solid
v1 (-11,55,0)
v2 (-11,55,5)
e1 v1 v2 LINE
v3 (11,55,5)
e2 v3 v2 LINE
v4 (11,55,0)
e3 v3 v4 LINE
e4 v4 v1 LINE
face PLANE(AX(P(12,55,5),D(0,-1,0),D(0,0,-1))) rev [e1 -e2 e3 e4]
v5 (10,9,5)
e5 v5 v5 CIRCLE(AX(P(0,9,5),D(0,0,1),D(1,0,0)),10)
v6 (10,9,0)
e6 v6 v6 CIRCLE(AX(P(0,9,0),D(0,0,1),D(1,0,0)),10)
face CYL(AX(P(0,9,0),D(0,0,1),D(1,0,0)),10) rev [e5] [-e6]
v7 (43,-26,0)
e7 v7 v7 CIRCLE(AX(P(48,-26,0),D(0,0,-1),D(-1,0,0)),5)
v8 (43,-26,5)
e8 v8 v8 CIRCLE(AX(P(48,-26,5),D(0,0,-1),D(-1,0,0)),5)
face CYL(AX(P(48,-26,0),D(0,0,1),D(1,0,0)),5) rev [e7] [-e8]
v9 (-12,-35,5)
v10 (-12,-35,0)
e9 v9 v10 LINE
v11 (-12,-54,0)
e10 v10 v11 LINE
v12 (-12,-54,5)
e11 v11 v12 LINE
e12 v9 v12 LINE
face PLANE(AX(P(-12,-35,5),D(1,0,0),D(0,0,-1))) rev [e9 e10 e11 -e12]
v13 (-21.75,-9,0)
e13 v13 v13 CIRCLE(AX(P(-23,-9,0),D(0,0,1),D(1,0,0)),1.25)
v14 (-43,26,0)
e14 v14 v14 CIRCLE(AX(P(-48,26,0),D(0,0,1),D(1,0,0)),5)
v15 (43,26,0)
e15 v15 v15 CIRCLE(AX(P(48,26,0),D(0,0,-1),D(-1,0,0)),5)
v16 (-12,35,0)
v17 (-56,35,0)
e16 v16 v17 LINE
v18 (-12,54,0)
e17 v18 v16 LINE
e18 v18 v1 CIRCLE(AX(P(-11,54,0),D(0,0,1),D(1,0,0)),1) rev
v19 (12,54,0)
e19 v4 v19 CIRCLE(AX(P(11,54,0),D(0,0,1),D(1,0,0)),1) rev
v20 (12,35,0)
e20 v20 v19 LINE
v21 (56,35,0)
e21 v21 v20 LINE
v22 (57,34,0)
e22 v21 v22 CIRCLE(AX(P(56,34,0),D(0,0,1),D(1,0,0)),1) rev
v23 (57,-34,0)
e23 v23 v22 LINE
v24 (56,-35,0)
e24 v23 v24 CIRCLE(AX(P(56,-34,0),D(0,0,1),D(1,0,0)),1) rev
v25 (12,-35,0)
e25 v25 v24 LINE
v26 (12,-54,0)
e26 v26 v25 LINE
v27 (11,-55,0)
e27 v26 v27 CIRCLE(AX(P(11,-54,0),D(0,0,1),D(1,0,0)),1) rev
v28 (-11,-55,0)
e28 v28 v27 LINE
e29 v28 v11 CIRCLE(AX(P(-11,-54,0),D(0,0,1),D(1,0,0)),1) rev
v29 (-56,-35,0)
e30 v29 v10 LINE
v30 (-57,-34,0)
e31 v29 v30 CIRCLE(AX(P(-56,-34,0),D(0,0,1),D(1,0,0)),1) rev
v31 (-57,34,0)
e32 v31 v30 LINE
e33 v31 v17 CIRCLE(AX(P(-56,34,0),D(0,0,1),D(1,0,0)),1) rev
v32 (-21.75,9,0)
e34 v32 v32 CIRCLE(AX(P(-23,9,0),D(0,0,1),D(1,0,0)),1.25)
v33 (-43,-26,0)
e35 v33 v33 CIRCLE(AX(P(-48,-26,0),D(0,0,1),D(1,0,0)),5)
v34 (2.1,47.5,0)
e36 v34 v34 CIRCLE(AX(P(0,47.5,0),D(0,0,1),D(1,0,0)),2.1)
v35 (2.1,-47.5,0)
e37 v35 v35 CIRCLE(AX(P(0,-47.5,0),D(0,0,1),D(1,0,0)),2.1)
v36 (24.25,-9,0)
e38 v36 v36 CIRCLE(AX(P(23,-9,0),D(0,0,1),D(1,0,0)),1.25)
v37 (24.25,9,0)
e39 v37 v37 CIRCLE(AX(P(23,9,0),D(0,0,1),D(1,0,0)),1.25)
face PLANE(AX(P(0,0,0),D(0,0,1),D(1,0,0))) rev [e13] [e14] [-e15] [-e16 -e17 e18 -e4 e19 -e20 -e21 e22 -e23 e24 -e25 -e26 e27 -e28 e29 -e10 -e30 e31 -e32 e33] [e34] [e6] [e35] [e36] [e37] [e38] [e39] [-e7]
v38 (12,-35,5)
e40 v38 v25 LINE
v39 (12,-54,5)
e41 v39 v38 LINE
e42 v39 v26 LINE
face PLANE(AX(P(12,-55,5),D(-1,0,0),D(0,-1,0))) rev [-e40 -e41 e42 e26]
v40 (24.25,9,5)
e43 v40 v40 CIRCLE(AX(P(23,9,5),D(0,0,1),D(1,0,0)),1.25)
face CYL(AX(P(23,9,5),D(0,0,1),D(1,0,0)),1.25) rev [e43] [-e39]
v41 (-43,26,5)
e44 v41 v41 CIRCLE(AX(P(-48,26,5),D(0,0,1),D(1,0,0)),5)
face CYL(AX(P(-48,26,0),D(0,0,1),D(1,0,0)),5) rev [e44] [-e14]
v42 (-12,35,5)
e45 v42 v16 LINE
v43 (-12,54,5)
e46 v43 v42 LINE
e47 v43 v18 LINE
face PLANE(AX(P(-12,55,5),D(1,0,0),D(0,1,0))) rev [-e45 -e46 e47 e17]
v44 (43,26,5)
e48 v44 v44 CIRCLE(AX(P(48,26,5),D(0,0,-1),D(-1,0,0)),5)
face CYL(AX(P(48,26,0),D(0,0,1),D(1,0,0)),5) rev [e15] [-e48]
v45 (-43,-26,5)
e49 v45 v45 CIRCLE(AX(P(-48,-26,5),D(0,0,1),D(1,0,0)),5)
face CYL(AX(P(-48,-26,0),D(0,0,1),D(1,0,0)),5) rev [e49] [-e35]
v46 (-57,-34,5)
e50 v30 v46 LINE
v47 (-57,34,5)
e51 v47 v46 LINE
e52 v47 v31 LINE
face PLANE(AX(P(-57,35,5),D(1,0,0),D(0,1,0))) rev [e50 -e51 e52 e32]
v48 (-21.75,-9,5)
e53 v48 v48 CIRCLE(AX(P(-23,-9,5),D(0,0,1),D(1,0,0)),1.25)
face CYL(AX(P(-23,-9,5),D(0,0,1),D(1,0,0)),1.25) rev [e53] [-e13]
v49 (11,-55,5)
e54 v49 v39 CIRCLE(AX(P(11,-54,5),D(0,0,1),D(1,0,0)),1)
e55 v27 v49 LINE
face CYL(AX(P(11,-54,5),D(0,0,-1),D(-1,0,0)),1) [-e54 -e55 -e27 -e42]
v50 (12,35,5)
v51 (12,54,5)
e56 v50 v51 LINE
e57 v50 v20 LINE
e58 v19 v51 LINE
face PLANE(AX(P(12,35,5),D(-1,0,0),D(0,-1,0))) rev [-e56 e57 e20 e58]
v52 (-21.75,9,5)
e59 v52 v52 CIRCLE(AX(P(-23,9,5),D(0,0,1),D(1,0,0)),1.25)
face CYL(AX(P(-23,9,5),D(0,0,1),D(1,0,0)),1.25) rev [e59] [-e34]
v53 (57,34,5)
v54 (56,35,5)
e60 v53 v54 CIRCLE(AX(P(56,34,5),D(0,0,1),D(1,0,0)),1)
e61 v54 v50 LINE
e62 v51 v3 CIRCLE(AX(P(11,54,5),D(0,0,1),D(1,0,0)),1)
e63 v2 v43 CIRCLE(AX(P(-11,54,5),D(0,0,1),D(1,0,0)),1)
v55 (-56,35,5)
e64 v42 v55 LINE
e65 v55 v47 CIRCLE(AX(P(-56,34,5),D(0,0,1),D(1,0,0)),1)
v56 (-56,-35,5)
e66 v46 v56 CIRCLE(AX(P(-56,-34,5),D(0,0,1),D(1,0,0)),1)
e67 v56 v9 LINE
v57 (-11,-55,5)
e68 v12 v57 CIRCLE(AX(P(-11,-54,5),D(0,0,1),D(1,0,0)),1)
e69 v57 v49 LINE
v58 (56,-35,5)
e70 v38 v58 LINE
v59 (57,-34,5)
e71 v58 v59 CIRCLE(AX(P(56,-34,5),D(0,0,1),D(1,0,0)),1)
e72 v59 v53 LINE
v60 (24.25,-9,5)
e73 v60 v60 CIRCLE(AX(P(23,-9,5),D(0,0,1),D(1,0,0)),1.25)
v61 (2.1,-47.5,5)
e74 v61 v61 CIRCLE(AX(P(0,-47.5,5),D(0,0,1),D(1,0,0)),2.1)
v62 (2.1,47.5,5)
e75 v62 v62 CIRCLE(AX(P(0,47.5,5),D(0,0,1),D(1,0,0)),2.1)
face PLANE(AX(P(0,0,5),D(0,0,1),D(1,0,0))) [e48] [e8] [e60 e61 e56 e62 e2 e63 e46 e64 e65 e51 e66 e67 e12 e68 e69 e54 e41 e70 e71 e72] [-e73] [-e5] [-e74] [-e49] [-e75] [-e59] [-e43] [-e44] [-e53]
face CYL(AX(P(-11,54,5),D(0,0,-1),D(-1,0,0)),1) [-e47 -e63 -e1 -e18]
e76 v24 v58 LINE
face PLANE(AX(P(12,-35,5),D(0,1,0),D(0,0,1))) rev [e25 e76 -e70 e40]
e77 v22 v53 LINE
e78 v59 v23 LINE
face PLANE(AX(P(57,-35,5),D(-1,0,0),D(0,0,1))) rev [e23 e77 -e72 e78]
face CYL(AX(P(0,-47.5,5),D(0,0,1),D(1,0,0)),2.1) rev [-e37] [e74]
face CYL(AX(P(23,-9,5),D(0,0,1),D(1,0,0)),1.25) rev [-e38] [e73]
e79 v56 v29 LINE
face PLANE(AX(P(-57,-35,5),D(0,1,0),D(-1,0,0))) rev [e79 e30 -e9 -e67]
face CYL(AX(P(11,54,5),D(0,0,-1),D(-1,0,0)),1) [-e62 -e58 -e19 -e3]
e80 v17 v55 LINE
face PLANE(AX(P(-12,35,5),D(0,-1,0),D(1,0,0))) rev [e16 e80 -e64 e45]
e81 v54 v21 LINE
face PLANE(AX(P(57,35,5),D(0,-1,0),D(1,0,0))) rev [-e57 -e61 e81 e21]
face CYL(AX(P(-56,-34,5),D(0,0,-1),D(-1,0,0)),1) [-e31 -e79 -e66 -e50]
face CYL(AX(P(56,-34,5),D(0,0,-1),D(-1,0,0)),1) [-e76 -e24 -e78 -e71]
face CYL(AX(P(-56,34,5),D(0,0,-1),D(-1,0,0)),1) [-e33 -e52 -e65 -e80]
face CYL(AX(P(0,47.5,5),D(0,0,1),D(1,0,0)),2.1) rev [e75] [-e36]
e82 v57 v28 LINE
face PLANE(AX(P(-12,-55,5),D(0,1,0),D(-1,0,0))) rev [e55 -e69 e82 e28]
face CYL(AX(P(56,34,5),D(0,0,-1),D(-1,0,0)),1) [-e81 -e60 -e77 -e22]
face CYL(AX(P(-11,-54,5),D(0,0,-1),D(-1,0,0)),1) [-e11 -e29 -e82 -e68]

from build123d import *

# Parameters (mm, degrees)
EXTRUDE_1_DEPTH     = 5
FILLET_2_R          = 1
HOLE_WIZARD_M3_1_D  = 2.5
SKETCH_5_R          = 5
CUT_EXTRUDE_1_DEPTH = 5
HOLE_WIZARD_M5_1_D  = 4.2
SKETCH_7_R          = 10
CUT_EXTRUDE_2_DEPTH = 80.366239674


with BuildPart() as part:
    # 草图1 → 凸台-拉伸1 (new body)
    with BuildSketch(Plane.XY):
        Polygon((-57, 35), (-57, -35), (-12, -35), (-12, -55), (12, -55), (12, -35), (57, -35), (57, 35), (12, 35), (12, 55), (-12, 55), (-12, 35), align=None)
    extrude(amount=EXTRUDE_1_DEPTH)

    # 圆角2
    fillet_2_edges = [part.edges().sort_by_distance(p)[0] for p in [
        (-12, 55, 2.5),
        (12, 55, 2.5),
        (57, 35, 2.5),
        (57, -35, 2.5),
        (12, -55, 2.5),
        (-12, -55, 2.5),
        (-57, -35, 2.5),
        (-57, 35, 2.5),
    ]]
    fillet(fillet_2_edges, radius=FILLET_2_R)

    # M3 螺纹孔的螺纹孔钻头1 (through all)
    with Locations(Plane(origin=(-23, 9, 5), x_dir=(1, 0, 0), z_dir=(0, 0, 1))):
        with Locations((0, 0), (0, -18)):
            hole_wizard_m3_1 = Hole(HOLE_WIZARD_M3_1_D / 2)

    # 镜向1: M3 螺纹孔的螺纹孔钻头1 across plane
    add(hole_wizard_m3_1.mirror(Plane(origin=(0, 0, 0), x_dir=(0, 0, 1), z_dir=(1, 0, 0))), mode=Mode.SUBTRACT)

    # 草图5 → 切除-拉伸1 (cut)
    with BuildSketch(Plane.XY.offset(5)):
        with Locations((-48, 26)):
            Circle(SKETCH_5_R)
        with Locations((-48, -26)):
            Circle(SKETCH_5_R)
    cut_extrude_1 = extrude(amount=-CUT_EXTRUDE_1_DEPTH, mode=Mode.SUBTRACT)

    # 镜向2: 切除-拉伸1 across plane
    add(cut_extrude_1.mirror(Plane(origin=(0, 0, 0), x_dir=(0, 0, 1), z_dir=(1, 0, 0))), mode=Mode.SUBTRACT)

    # M5 螺纹孔的螺纹孔钻头1 (through all)
    with Locations(Plane(origin=(0, 47.5, 5), x_dir=(1, 0, 0), z_dir=(0, 0, 1))):
        with Locations((0, 0)):
            hole_wizard_m5_1 = Hole(HOLE_WIZARD_M5_1_D / 2)

    # 镜向3: M5 螺纹孔的螺纹孔钻头1 across plane
    add(hole_wizard_m5_1.mirror(Plane.ZX), mode=Mode.SUBTRACT)

    # 草图7 → 切除-拉伸2 (cut, through all)
    with BuildSketch(Plane.XY.offset(5)):
        with Locations((0, 9)):
            Circle(SKETCH_7_R)
    extrude(amount=-CUT_EXTRUDE_2_DEPTH, mode=Mode.SUBTRACT)


solid = part.part
